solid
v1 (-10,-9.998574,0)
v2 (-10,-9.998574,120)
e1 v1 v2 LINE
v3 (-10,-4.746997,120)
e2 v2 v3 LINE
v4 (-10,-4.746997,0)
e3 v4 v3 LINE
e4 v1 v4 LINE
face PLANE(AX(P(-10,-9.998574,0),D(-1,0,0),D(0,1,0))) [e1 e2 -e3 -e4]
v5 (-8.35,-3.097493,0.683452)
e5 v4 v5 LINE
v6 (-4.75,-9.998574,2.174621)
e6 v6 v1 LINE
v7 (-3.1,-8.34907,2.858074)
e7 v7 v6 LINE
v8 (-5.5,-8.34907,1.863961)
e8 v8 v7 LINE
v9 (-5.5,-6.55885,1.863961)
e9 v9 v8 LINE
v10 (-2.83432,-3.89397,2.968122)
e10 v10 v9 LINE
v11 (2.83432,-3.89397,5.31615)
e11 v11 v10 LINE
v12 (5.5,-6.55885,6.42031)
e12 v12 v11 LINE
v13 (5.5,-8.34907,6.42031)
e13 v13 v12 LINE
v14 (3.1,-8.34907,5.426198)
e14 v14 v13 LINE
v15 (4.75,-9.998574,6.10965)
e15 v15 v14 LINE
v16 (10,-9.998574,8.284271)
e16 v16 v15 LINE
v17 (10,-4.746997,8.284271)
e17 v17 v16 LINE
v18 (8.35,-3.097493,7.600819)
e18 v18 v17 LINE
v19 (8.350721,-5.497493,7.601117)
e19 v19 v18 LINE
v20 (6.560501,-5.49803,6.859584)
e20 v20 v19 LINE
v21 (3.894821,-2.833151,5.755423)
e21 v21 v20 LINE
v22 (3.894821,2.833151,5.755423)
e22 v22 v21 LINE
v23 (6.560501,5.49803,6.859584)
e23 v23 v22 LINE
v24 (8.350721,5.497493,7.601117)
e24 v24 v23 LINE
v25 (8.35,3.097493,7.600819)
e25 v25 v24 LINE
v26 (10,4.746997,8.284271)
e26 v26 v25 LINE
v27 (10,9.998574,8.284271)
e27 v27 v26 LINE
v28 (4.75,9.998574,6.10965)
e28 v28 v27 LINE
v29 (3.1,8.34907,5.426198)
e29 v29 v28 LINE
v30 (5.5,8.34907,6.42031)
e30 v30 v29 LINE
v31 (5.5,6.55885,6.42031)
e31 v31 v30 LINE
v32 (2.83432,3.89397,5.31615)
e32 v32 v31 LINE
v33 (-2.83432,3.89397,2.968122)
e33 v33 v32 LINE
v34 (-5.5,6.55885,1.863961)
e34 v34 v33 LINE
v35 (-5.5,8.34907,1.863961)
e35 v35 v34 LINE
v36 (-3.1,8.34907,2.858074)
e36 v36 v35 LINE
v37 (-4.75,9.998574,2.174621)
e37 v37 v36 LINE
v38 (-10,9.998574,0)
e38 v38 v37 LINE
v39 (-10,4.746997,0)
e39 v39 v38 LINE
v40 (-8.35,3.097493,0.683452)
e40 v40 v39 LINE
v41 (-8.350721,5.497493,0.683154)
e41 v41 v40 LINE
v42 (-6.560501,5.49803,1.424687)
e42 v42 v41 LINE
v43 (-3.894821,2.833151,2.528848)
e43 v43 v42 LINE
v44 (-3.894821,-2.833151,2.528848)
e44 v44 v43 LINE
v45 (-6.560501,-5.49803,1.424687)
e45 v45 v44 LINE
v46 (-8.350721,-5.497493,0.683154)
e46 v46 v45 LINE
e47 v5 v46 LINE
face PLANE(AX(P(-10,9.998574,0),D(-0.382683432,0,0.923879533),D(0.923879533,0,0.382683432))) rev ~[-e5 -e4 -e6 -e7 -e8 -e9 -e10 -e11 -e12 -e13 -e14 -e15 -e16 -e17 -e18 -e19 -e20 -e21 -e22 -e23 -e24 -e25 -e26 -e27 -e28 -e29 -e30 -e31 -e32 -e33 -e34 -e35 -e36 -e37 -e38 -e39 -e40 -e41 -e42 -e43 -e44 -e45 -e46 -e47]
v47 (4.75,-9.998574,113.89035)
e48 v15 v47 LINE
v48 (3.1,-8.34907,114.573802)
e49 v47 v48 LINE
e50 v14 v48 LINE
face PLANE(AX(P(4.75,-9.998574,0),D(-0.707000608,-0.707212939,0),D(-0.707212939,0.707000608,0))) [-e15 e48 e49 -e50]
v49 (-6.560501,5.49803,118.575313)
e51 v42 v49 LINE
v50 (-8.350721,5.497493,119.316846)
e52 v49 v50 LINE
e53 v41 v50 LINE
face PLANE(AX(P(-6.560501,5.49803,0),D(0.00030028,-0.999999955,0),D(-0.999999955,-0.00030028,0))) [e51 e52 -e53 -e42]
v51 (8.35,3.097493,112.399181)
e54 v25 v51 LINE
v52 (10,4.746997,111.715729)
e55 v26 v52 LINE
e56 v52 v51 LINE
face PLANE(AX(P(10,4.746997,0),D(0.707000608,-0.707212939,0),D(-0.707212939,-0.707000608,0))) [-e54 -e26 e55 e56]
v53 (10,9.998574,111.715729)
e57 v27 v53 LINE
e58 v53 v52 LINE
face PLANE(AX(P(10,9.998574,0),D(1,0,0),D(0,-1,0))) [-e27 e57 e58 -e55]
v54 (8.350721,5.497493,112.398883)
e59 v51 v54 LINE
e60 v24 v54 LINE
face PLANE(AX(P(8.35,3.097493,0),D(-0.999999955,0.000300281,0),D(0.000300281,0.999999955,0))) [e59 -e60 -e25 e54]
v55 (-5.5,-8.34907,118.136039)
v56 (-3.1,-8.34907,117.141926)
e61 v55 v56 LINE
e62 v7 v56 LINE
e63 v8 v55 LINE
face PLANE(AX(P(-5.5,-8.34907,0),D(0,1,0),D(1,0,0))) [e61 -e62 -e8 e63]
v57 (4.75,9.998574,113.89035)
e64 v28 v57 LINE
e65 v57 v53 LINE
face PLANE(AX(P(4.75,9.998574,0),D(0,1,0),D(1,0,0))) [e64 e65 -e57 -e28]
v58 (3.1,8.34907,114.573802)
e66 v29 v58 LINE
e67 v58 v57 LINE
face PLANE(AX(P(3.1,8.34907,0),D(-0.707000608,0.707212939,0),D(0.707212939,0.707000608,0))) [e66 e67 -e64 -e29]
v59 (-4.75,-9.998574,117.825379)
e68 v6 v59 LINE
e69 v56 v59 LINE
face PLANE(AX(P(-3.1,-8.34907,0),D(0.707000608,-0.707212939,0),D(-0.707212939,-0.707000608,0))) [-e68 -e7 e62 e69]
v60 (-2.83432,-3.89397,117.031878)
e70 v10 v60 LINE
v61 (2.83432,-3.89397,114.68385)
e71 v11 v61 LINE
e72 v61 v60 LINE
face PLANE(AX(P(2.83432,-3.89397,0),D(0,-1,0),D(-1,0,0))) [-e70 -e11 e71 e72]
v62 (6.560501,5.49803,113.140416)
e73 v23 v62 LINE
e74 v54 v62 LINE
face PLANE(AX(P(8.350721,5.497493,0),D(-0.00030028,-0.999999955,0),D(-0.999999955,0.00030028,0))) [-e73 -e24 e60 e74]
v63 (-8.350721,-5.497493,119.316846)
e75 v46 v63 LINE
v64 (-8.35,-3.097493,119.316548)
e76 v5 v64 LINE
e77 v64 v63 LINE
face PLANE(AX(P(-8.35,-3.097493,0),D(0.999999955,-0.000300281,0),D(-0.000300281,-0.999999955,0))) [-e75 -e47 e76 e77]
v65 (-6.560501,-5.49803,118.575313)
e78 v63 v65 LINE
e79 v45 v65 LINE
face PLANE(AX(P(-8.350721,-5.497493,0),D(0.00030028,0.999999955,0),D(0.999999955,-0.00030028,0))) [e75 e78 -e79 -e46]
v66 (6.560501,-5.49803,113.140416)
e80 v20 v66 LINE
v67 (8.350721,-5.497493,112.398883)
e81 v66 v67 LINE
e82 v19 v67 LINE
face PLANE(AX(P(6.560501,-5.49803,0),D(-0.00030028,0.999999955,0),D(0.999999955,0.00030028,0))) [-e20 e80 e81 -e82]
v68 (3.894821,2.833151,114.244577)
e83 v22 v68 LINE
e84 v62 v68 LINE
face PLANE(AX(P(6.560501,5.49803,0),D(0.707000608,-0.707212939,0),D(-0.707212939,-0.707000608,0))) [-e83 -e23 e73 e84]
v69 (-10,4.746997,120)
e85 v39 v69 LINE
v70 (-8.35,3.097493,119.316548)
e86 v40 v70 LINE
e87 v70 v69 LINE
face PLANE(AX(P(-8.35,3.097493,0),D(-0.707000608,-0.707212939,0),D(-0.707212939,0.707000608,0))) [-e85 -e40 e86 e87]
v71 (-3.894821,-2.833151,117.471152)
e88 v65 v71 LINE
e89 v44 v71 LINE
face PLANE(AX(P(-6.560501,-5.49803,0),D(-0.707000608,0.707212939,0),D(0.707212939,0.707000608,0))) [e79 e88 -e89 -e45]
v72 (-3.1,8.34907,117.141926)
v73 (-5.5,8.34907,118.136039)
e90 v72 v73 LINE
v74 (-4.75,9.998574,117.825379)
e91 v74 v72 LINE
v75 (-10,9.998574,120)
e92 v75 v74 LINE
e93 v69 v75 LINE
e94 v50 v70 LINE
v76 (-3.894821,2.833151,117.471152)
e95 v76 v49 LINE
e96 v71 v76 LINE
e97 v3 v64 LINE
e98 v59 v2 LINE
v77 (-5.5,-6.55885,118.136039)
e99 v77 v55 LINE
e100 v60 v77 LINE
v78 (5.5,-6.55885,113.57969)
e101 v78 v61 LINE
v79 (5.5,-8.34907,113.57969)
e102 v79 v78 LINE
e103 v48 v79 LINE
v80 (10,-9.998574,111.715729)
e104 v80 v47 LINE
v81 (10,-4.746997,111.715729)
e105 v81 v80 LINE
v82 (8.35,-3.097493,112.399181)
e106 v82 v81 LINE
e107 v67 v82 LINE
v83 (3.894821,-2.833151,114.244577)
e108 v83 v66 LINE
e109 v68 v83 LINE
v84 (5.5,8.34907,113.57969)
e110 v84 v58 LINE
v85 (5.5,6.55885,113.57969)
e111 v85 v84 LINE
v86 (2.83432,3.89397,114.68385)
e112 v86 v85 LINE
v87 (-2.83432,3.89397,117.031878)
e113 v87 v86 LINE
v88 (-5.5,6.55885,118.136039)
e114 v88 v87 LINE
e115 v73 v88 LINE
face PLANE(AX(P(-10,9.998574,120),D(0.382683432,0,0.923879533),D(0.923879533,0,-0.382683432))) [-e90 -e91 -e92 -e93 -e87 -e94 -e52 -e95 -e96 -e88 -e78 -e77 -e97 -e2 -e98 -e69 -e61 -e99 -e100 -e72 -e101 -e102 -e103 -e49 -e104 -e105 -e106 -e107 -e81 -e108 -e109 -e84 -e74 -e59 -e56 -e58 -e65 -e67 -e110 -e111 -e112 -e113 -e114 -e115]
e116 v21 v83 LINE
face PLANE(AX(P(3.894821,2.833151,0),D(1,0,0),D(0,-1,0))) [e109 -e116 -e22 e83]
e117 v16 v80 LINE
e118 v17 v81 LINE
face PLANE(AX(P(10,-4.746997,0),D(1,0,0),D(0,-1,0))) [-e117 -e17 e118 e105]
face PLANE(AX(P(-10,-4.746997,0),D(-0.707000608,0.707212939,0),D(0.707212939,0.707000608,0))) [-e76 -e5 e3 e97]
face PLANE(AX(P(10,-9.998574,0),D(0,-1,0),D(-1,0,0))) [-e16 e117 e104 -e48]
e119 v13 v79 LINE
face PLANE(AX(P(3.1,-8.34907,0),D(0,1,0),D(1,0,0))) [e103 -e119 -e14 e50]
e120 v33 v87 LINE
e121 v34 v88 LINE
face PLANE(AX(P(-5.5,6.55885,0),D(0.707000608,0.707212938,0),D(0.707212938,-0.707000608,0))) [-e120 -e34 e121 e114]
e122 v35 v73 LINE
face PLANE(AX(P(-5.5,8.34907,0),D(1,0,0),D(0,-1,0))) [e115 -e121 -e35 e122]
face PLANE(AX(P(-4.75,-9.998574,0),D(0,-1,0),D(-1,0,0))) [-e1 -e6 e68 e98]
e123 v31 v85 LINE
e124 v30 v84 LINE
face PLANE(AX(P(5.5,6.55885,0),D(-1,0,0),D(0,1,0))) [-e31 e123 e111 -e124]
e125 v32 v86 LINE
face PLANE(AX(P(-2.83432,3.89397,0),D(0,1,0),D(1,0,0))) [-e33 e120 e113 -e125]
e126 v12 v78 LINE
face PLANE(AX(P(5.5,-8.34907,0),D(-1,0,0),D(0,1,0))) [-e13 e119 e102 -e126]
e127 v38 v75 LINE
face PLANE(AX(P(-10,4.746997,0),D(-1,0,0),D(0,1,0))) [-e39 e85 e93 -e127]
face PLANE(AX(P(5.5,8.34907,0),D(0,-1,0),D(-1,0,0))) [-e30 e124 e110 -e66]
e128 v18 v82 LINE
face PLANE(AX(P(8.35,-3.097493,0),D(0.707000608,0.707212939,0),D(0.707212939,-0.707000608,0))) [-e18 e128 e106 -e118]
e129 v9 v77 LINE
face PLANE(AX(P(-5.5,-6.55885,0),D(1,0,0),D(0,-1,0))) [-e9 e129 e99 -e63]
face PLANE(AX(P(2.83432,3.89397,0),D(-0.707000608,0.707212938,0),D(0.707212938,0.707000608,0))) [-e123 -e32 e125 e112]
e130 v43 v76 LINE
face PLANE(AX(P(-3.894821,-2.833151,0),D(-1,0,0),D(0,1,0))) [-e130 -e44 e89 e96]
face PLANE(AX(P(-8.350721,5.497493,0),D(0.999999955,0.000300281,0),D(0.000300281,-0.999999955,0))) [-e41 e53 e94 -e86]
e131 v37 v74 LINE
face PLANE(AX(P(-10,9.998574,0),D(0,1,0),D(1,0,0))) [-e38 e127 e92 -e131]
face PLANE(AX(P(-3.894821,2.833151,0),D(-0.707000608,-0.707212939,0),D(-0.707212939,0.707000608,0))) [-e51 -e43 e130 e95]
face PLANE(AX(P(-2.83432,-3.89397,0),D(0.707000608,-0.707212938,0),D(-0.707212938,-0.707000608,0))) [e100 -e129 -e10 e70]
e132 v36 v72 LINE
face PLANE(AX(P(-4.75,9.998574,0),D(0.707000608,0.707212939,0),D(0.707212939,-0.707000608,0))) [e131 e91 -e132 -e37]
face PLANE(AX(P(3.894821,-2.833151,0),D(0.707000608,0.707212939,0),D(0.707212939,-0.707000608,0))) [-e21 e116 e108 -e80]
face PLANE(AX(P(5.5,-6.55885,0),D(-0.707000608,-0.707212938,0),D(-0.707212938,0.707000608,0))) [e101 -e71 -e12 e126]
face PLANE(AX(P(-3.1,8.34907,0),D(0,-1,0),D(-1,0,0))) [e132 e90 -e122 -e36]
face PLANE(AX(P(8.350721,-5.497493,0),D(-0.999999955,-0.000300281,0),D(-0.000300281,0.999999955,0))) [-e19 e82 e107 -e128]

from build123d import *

# Parameters (mm, degrees)
BOSS_EXTRUDE1_DEPTH = 120
CUT_EXTRUDE1_DEPTH  = 123.065088938
CUT_EXTRUDE2_DEPTH  = 123.065088938


with BuildPart() as part:
    # Sketch1 → Boss-Extrude1 (new body)
    with BuildSketch(Plane.XY):
        Polygon((-2.834320347, 3.893970342), (2.834320347, 3.893970342), (5.5, 6.558849663), (5.5, 8.349069506), (3.1, 8.349069506), (4.75, 9.998574117), (10, 9.998574117), (10, 4.746997406), (8.35, 3.097492795), (8.350720674, 5.497492687), (6.560500912, 5.498030255), (3.894821259, 2.833150935), (3.894821259, -2.833150935), (6.560500912, -5.498030255), (8.350720674, -5.497492687), (8.35, -3.097492795), (10, -4.746997406), (10, -9.998574117), (4.75, -9.998574117), (3.1, -8.349069506), (5.5, -8.349069506), (5.5, -6.558849663), (2.834320347, -3.893970342), (-2.834320347, -3.893970342), (-5.5, -6.558849663), (-5.5, -8.349069506), (-3.1, -8.349069506), (-4.75, -9.998574117), (-10, -9.998574117), (-10, -4.746997406), (-8.35, -3.097492795), (-8.350720674, -5.497492687), (-6.560500912, -5.498030255), (-3.894821259, -2.833150935), (-3.894821259, 2.833150935), (-6.560500912, 5.498030255), (-8.350720674, 5.497492687), (-8.35, 3.097492795), (-10, 4.746997406), (-10, 9.998574117), (-4.75, 9.998574117), (-3.1, 8.349069506), (-5.5, 8.349069506), (-5.5, 6.558849663), align=None)
    extrude(amount=BOSS_EXTRUDE1_DEPTH)

    # Sketch2 → Cut-Extrude1 (cut, through all)
    with BuildSketch(Plane(origin=(0, 9.998574117, 0), x_dir=(1, 0, 0), z_dir=(0, 1, 0))):
        Polygon((-10, -120), (10, -111.715728753), (10, -120), align=None)
    extrude(amount=-CUT_EXTRUDE1_DEPTH, mode=Mode.SUBTRACT)

    # Sketch3 → Cut-Extrude2 (cut, through all)
    with BuildSketch(Plane(origin=(0, 9.998574117, 0), x_dir=(1, 0, 0), z_dir=(0, 1, 0))):
        Polygon((-10, 0), (10, -8.284271247), (10, 0), align=None)
    extrude(amount=-CUT_EXTRUDE2_DEPTH, mode=Mode.SUBTRACT)


solid = part.part
